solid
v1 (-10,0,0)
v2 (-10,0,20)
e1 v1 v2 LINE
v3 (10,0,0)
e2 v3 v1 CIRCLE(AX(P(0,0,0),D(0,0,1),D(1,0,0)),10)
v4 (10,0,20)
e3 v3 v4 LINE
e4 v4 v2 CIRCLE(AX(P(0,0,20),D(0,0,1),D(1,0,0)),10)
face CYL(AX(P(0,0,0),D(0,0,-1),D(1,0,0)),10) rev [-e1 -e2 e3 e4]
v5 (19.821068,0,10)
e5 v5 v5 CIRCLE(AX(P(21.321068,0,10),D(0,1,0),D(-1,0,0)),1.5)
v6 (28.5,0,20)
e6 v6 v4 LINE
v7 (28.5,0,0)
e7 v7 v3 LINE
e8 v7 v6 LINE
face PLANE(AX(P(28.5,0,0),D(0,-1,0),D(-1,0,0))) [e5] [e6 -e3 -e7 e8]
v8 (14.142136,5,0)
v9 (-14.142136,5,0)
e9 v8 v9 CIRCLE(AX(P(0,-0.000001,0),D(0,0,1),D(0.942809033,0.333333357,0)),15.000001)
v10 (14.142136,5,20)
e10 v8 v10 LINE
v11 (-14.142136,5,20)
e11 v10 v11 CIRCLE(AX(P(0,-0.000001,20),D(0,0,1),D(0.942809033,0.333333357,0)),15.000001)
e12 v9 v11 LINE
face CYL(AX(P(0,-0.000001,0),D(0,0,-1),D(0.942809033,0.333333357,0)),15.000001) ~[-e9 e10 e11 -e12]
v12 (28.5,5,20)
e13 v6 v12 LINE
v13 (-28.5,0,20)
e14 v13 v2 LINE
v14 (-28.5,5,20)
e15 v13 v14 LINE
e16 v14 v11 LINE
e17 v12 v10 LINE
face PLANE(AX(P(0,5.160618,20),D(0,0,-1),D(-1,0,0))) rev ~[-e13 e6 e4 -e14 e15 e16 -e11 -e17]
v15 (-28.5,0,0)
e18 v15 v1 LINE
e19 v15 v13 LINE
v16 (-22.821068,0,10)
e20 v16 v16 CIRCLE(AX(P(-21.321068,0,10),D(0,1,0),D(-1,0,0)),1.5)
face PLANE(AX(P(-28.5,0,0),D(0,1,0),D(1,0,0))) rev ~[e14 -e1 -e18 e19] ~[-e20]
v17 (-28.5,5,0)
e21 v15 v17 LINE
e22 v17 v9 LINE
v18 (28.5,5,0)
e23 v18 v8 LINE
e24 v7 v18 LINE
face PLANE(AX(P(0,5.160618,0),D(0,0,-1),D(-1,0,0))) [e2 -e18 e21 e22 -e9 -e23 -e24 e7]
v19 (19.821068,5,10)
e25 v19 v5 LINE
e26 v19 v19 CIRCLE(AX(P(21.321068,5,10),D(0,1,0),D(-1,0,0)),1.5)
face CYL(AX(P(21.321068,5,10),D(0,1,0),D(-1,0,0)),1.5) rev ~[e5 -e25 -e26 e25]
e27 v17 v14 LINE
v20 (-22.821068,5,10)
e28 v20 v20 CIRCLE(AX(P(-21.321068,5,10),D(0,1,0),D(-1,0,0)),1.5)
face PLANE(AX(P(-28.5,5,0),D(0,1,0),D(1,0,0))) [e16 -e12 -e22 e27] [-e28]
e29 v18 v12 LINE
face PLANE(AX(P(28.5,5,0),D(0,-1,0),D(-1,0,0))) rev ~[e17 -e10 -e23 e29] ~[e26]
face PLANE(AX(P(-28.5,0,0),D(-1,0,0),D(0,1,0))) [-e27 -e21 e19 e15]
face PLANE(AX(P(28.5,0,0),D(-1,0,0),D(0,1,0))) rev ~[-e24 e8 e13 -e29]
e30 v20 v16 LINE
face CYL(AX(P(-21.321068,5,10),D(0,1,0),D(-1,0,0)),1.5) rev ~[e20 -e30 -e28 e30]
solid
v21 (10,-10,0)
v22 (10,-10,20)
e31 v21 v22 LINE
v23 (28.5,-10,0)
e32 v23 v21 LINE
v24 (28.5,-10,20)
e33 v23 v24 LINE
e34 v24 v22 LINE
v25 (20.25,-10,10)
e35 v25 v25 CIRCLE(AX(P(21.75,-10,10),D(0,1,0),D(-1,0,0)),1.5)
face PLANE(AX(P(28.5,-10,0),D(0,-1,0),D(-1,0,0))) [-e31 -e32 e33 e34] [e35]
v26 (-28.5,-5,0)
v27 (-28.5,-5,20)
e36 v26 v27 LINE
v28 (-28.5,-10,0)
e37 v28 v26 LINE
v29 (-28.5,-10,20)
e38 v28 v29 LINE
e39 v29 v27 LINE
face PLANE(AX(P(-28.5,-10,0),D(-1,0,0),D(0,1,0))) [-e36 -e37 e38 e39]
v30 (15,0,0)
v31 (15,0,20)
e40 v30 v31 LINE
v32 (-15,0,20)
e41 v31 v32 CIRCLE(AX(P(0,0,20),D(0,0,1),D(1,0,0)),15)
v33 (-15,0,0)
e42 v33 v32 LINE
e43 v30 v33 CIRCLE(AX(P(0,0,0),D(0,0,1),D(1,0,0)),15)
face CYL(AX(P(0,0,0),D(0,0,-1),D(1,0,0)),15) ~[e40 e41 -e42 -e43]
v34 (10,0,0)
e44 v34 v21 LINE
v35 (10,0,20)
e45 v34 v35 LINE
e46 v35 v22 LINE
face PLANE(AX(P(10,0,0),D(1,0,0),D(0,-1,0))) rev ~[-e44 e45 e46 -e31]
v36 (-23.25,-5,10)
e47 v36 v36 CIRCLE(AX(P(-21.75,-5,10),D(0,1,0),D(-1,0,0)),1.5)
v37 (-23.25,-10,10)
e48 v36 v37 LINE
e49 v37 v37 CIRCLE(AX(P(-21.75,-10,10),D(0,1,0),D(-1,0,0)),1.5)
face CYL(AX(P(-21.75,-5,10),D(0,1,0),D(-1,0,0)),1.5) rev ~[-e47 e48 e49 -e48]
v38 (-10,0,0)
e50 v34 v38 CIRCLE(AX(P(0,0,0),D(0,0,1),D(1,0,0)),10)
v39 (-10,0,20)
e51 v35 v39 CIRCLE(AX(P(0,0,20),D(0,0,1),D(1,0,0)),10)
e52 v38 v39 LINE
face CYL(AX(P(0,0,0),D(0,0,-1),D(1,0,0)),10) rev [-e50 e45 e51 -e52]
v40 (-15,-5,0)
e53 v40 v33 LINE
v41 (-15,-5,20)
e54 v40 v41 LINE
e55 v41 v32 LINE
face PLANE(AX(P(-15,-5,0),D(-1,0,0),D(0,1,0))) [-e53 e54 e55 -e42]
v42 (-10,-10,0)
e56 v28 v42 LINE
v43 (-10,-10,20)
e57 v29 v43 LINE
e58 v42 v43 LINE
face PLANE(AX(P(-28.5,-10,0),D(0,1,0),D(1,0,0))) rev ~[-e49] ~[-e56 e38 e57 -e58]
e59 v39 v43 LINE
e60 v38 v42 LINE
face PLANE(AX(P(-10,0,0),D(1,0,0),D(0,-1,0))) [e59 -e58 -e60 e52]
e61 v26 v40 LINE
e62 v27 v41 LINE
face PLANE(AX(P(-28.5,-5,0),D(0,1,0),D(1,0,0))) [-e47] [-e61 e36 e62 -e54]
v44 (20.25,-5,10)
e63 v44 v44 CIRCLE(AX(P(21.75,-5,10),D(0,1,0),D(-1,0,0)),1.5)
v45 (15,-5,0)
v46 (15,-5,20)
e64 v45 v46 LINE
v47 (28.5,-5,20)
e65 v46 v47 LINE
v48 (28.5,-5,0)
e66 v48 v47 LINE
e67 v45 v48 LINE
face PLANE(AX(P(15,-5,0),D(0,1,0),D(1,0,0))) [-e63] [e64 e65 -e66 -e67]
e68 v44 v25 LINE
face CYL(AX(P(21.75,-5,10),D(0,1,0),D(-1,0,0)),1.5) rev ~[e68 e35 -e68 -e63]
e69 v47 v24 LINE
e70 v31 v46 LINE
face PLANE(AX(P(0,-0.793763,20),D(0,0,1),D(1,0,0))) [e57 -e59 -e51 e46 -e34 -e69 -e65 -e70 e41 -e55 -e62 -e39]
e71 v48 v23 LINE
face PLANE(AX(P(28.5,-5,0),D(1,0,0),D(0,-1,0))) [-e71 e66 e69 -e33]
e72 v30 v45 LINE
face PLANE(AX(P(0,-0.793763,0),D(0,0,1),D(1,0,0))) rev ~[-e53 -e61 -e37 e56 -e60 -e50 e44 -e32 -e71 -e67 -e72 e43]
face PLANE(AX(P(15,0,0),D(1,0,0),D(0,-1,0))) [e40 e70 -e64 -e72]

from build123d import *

# Parameters (mm, degrees)
PAD_DEPTH       = 20
SKETCH001_R     = 1.5
POCKET_DEPTH    = 5.001
PAD001_DEPTH    = 20
SKETCH004_R     = 1.5
POCKET001_DEPTH = 5.001


with BuildPart() as body:
    # Sketch → Pad (new body)
    with BuildSketch(Plane.XY):
        with BuildLine():
            Line((28.5, 0), (10, 0))
            ThreePointArc((10, 0), (0, 10), (-10, 0))
            Line((-28.5, 0), (-10, 0))
            Line((-28.5, 0), (-28.5, 5))
            Line((-28.5, 5), (-14.142136, 5))
            ThreePointArc((14.142136, 5), (0, 15), (-14.142136, 5))
            Line((28.5, 5), (14.142136, 5))
            Line((28.5, 0), (28.5, 5))
        make_face()
    extrude(amount=PAD_DEPTH)

    # Sketch001 (on Face7 of Pad) → Pocket (cut, through all)
    with BuildSketch(Plane(origin=(0, 5, 0), x_dir=(-1, 0, 0), z_dir=(0, 1, 0))):
        with Locations((-21.321068, 10)):
            Circle(SKETCH001_R)
        with Locations((21.321068, 10)):
            Circle(SKETCH001_R)
    extrude(amount=-POCKET_DEPTH, mode=Mode.SUBTRACT)


with BuildPart() as body001:
    # Sketch002 → Pad001 (new body)
    with BuildSketch(Plane.XY):
        with BuildLine():
            ThreePointArc((15, 0), (0, 15), (-15, 0))
            Line((-15, -5), (-15, 0))
            Line((-28.5, -5), (-15, -5))
            Line((-28.5, -10), (-28.5, -5))
            Line((-28.5, -10), (-10, -10))
            Line((-10, 0), (-10, -10))
            ThreePointArc((10, 0), (0, 10), (-10, 0))
            Line((10, 0), (10, -10))
            Line((28.5, -10), (10, -10))
            Line((28.5, -5), (28.5, -10))
            Line((15, -5), (28.5, -5))
            Line((15, 0), (15, -5))
        make_face()
    extrude(amount=PAD001_DEPTH)

    # Sketch004 (on Face11 of Pad001) → Pocket001 (cut, through all)
    with BuildSketch(Plane(origin=(0, -5, 0), x_dir=(-1, 0, 0), z_dir=(0, 1, 0))):
        with Locations((-21.75, 10)):
            Circle(SKETCH004_R)
        with Locations((21.75, 10)):
            Circle(SKETCH004_R)
    extrude(amount=-POCKET001_DEPTH, mode=Mode.SUBTRACT)


solid = Compound([body.part, body001.part])
